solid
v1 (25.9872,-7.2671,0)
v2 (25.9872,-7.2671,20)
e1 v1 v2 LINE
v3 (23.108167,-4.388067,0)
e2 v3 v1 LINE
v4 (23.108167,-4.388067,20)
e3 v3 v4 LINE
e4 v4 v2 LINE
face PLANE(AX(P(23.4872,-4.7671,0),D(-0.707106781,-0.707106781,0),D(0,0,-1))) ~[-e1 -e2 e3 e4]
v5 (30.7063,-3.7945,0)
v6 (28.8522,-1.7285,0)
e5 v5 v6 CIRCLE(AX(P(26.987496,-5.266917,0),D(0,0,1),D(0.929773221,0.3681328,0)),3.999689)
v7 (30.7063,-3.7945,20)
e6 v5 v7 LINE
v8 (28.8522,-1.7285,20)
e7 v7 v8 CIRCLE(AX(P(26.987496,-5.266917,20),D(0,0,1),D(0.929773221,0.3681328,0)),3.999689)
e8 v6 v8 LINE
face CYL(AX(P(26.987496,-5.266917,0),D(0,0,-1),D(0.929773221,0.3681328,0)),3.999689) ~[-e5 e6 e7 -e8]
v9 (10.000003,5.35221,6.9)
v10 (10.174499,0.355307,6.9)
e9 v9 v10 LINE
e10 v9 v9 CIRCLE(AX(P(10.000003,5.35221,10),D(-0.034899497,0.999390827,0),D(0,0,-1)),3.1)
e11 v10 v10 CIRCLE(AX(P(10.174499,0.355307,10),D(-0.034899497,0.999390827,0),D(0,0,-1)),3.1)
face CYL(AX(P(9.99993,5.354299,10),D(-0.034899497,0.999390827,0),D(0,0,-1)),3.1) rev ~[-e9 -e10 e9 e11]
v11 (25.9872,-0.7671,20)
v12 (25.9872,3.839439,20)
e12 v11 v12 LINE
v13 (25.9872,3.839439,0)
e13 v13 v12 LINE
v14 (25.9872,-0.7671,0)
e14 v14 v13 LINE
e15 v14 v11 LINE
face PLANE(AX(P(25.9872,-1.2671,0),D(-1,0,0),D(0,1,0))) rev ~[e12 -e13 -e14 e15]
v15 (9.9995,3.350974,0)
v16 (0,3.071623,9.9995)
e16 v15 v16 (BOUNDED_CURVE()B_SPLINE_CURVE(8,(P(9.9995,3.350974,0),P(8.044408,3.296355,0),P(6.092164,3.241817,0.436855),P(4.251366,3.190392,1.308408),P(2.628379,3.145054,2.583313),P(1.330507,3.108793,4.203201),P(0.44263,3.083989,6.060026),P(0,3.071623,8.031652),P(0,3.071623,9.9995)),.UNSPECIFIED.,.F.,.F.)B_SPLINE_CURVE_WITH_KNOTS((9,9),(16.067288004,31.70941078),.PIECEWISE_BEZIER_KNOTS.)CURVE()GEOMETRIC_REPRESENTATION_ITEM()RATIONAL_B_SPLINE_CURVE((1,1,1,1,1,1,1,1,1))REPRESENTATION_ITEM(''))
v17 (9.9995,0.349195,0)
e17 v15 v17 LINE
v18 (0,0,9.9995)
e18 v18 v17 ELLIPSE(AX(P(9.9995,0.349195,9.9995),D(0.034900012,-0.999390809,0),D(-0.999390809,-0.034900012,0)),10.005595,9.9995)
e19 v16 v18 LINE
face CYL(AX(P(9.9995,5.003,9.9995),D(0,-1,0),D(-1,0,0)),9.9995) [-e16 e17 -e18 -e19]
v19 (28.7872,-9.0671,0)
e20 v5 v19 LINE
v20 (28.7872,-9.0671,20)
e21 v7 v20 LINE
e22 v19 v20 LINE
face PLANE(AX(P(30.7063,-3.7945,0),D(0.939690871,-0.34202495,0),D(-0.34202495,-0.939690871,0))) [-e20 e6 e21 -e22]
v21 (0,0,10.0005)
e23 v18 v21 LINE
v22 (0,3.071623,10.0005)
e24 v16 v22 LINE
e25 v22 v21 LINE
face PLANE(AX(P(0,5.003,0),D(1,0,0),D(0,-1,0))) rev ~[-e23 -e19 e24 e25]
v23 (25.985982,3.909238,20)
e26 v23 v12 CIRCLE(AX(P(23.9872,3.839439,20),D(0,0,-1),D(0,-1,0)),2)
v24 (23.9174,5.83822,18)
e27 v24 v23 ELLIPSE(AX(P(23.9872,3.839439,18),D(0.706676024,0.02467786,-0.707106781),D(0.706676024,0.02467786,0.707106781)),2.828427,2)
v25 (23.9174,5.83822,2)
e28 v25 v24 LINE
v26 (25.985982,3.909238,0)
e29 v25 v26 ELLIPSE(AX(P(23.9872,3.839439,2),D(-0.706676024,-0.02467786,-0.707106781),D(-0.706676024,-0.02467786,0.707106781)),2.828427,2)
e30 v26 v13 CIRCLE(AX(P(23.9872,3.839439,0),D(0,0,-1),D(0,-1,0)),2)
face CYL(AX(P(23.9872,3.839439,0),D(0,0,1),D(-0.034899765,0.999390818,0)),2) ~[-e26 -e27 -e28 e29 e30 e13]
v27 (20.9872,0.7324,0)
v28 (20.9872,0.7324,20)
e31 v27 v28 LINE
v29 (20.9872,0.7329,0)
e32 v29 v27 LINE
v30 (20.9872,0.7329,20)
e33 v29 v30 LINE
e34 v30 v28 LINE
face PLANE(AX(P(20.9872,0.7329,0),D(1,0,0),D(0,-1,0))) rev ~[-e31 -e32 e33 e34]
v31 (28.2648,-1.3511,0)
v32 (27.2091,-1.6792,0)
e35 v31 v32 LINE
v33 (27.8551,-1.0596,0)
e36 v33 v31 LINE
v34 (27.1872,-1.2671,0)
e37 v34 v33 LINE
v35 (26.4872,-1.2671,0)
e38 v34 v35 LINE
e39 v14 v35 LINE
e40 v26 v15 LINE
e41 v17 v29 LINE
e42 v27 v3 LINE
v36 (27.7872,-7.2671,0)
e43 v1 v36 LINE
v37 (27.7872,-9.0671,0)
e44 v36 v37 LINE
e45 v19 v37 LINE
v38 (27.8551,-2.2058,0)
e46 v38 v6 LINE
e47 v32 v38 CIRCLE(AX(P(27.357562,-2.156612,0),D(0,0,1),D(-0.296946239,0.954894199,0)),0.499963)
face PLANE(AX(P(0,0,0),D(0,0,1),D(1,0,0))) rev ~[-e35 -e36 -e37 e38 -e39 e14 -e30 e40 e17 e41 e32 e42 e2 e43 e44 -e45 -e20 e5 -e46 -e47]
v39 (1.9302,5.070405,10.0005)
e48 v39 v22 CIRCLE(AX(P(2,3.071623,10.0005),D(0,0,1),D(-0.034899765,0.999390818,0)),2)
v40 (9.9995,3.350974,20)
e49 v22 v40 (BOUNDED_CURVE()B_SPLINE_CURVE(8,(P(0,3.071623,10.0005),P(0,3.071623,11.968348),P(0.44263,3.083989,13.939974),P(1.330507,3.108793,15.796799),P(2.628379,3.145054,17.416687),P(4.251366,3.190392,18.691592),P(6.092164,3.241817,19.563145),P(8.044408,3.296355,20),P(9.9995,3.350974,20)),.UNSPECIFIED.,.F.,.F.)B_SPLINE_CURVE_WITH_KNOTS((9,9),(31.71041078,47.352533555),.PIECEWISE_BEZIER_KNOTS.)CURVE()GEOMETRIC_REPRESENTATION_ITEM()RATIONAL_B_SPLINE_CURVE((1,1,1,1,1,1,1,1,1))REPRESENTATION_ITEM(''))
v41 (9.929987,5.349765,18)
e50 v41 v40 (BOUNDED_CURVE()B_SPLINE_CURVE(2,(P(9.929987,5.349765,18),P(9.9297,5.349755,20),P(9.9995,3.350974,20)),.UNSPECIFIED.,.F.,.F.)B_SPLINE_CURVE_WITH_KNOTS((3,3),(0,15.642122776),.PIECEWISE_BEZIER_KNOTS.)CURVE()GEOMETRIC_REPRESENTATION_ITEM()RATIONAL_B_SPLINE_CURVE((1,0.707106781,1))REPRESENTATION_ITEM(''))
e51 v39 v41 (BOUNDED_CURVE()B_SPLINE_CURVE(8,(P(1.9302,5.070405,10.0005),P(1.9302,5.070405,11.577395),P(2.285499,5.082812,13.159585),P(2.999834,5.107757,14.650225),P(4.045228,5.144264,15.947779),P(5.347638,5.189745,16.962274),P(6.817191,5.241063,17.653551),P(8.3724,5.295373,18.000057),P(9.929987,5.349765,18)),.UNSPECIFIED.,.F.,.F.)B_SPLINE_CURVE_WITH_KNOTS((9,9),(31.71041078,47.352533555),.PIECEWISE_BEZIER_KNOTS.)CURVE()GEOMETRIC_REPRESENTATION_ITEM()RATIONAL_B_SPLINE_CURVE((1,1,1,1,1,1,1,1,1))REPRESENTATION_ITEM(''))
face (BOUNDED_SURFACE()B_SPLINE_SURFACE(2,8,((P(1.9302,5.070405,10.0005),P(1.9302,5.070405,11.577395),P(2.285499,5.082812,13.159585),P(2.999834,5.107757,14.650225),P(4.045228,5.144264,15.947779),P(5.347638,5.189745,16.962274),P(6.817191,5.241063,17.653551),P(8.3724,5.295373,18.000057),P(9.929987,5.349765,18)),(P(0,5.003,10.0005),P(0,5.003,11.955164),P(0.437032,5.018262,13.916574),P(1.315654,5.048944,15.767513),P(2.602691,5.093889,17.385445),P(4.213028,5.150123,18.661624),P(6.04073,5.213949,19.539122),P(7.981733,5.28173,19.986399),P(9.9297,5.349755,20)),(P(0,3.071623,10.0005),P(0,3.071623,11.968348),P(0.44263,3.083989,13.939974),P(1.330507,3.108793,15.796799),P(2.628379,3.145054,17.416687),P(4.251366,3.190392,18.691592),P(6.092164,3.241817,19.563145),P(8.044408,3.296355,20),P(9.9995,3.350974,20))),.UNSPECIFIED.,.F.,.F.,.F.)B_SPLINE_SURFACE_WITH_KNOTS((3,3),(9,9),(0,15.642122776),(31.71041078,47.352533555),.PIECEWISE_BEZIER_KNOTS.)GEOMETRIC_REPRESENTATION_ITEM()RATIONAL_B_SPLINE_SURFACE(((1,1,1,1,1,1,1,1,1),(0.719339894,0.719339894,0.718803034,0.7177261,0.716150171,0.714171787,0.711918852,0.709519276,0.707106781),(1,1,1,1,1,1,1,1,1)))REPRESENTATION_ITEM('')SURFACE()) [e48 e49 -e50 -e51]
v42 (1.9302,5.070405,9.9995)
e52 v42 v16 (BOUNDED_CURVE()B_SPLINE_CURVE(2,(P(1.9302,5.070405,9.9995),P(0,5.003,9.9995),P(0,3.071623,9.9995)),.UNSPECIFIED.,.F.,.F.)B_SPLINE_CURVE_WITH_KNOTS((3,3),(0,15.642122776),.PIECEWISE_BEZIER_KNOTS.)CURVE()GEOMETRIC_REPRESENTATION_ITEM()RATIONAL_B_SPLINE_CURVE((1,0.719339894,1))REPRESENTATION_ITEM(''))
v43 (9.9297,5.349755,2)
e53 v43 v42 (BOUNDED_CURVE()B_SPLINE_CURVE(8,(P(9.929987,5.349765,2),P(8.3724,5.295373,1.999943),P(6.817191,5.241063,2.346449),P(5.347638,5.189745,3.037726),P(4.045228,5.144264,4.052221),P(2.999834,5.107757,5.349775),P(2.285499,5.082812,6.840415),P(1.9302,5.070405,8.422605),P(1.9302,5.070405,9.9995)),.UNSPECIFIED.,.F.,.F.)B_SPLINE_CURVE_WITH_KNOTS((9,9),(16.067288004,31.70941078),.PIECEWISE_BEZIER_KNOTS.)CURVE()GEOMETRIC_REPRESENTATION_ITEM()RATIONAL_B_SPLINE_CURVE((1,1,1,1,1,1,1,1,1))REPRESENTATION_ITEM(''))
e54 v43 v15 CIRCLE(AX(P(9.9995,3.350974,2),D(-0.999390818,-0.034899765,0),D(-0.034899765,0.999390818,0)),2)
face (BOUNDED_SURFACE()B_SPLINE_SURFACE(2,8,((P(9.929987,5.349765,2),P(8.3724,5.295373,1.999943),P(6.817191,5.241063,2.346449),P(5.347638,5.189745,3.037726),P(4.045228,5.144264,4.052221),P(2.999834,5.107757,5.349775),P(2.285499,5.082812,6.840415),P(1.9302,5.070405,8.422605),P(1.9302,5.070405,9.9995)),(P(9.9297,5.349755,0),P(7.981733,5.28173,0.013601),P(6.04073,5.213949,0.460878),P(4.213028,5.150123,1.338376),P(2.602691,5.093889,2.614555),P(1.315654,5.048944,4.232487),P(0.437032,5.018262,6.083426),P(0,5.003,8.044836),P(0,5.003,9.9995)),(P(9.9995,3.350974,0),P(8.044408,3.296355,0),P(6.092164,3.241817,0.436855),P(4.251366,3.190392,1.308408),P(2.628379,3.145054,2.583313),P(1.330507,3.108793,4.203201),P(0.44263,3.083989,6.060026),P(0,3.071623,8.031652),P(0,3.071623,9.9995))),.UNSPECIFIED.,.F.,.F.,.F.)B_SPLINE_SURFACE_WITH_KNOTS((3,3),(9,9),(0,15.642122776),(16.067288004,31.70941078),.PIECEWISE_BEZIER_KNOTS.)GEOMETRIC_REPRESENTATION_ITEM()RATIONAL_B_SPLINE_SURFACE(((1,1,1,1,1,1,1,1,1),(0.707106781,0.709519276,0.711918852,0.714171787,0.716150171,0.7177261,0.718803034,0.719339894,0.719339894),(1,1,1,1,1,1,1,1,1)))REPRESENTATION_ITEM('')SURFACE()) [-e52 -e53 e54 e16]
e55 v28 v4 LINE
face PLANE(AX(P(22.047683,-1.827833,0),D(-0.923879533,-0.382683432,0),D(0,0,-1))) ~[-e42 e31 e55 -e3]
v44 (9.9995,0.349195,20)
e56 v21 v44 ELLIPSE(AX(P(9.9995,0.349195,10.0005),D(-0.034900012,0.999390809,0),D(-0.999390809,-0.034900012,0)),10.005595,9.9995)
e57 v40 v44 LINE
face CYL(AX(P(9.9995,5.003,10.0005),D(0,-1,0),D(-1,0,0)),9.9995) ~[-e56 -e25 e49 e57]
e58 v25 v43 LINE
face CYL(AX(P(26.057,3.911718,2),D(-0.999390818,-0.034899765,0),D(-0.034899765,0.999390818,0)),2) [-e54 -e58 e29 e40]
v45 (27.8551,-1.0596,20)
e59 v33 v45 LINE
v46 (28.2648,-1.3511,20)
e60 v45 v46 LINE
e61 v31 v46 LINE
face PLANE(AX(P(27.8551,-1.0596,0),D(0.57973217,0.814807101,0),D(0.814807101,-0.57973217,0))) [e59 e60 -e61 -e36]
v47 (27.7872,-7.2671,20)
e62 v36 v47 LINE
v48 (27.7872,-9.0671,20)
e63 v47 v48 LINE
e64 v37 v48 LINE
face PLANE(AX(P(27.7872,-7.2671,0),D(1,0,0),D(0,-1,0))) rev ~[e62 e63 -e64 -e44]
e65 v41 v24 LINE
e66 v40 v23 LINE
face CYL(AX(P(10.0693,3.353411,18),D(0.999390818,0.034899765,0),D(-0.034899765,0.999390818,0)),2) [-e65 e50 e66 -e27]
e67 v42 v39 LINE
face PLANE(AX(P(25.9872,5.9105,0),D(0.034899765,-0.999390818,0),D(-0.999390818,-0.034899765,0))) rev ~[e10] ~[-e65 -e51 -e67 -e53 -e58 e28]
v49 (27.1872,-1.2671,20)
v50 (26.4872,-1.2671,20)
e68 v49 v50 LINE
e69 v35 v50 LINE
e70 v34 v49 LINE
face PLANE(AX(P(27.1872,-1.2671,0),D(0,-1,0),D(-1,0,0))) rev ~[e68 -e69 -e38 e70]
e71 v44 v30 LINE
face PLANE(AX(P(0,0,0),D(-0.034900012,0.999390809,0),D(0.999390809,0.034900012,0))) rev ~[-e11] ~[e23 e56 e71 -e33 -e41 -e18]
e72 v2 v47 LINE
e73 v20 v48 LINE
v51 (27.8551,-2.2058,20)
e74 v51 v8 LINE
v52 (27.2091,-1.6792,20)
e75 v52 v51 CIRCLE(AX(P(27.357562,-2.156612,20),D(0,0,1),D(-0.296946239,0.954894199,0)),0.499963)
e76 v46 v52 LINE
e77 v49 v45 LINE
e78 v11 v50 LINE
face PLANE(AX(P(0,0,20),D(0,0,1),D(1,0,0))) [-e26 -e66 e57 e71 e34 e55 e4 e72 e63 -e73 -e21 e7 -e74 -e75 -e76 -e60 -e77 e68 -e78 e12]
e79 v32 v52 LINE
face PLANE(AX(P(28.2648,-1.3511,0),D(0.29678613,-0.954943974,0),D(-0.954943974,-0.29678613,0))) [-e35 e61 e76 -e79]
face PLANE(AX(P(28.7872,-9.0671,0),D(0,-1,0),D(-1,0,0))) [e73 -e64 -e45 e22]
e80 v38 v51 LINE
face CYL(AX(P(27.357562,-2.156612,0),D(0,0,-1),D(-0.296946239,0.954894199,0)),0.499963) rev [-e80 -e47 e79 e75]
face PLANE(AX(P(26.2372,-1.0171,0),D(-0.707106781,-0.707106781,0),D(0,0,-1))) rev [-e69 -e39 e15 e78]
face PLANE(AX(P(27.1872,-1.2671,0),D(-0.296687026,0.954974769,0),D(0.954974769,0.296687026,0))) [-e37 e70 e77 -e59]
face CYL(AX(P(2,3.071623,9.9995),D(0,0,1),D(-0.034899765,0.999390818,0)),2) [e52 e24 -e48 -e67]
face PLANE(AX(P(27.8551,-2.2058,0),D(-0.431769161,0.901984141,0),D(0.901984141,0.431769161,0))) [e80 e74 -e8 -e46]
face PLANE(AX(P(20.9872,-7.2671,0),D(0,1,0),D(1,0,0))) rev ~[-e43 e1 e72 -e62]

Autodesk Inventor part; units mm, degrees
ref_plane "YZ Plane" through (0, 0, 0) normal (1, 0, 0) x (0, 1, 0)
ref_plane "XZ Plane" through (0, 0, 0) normal (0, 1, 0) x (-1, 0, 0)
ref_plane "XY Plane" through (0, 0, 0) normal (0, 0, 1) x (1, 0, 0)
sketch "Sketch1" plane through (0, 0, 0) normal (0, 0, 1) x (1, 0, 0)
  line L0 (0, 0) -> (20.9872, 0.7329)
  line L1 (20.9872, 0.7329) -> (20.9872, -7.2671)
  line L2 (20.9872, -7.2671) -> (27.7872, -7.2671)
  line L3 (27.7872, -7.2671) -> (27.7872, -9.0671)
  line L4 (27.1872, -1.2671) -> (25.9872, -1.2671)
  line L5 (25.9872, -1.2671) -> (25.9872, 5.9105)
  line L6 (25.9872, 5.9105) -> (0, 5.003)
  line L7 (0, 5.003) -> (0, 0)
  line L8 (30.7063, -3.7945) -> (28.7872, -9.0671)
  line L9 (28.7872, -9.0671) -> (27.7872, -9.0671)
  line L10 (27.1872, -1.2671) -> (27.8551, -1.0596)
  line L11 (27.8551, -1.0596) -> (28.2648, -1.3511)
  line L12 (28.2648, -1.3511) -> (27.2091, -1.6792)
  arc A0 (30.7063, -3.7945) -> (28.8522, -1.7285) centre (26.9872, -5.2671) ccw
  arc A1 (27.2091, -1.6792) -> (27.8551, -2.2058) centre (27.3575, -2.1566) ccw
  line L13 (27.8551, -2.2058) -> (28.8522, -1.7285)
  point P0 (30.7872, -1.2671)
  dimension "d0" = 21
  dimension "d1" = 5
  dimension "d2" = 5
  dimension "d4" = 1.8
  dimension "d5" = 6
  dimension "d6" = 1.8
  dimension "d31" = 88
  dimension "d32" = 8
  dimension "d35" = 110
  dimension "d36" = 1
  dimension "d38" = 6
  dimension "d40" = 0.4
  dimension "d41" = 4
  dimension "d42" = 2
  dimension "d44" = 1.2
  dimension "d45" = 1
extrude "Extrusion1" add sketch "Sketch1" along normal blind 20
fillet "Fillet1" [suppressed]
fillet "Fillet2" radius 10 2 edges at (0, 2.5015, 0) (0, 2.5015, 20)
sketch "Sketch2" plane through (10, 5.3523, 10) normal (-0.0349, 0.9994, 0) x (0, 0, -1)
  circle A0 centre (0, 0) radius 3.1
  ellipse E0 centre (0, 0) end of major axis (0, 10.0061) minor radius 10 (10, 0) -> (-10, 0) ccw projected
  line L0 (-10, 0) -> (-10, -15.997) projected
  point P0 (10, 10.1807)
  dimension "d16" = 6.2
  dimension "d33" = 10
  dimension "d34" = 0
extrude "Extrusion2" cut sketch "Sketch2" against normal blind 10
fillet "Fillet3" radius 2 4 edges at (17.9934, 5.6314, 0) (2.9288, 5.1053, 2.9288) (17.9934, 5.6314, 20) (25.9872, 5.9105, 10)
chamfer "Chamfer2" distance 5 angle 45 1 edges at (20.9872, -7.2671, 10)
chamfer "Chamfer3" distance 3 angle 45 1 edges at (20.9872, -2.2671, 10)
chamfer "Chamfer4" distance 0.5 angle 45 1 edges at (25.9872, -1.2671, 10)
properties part number "PiedClip"
